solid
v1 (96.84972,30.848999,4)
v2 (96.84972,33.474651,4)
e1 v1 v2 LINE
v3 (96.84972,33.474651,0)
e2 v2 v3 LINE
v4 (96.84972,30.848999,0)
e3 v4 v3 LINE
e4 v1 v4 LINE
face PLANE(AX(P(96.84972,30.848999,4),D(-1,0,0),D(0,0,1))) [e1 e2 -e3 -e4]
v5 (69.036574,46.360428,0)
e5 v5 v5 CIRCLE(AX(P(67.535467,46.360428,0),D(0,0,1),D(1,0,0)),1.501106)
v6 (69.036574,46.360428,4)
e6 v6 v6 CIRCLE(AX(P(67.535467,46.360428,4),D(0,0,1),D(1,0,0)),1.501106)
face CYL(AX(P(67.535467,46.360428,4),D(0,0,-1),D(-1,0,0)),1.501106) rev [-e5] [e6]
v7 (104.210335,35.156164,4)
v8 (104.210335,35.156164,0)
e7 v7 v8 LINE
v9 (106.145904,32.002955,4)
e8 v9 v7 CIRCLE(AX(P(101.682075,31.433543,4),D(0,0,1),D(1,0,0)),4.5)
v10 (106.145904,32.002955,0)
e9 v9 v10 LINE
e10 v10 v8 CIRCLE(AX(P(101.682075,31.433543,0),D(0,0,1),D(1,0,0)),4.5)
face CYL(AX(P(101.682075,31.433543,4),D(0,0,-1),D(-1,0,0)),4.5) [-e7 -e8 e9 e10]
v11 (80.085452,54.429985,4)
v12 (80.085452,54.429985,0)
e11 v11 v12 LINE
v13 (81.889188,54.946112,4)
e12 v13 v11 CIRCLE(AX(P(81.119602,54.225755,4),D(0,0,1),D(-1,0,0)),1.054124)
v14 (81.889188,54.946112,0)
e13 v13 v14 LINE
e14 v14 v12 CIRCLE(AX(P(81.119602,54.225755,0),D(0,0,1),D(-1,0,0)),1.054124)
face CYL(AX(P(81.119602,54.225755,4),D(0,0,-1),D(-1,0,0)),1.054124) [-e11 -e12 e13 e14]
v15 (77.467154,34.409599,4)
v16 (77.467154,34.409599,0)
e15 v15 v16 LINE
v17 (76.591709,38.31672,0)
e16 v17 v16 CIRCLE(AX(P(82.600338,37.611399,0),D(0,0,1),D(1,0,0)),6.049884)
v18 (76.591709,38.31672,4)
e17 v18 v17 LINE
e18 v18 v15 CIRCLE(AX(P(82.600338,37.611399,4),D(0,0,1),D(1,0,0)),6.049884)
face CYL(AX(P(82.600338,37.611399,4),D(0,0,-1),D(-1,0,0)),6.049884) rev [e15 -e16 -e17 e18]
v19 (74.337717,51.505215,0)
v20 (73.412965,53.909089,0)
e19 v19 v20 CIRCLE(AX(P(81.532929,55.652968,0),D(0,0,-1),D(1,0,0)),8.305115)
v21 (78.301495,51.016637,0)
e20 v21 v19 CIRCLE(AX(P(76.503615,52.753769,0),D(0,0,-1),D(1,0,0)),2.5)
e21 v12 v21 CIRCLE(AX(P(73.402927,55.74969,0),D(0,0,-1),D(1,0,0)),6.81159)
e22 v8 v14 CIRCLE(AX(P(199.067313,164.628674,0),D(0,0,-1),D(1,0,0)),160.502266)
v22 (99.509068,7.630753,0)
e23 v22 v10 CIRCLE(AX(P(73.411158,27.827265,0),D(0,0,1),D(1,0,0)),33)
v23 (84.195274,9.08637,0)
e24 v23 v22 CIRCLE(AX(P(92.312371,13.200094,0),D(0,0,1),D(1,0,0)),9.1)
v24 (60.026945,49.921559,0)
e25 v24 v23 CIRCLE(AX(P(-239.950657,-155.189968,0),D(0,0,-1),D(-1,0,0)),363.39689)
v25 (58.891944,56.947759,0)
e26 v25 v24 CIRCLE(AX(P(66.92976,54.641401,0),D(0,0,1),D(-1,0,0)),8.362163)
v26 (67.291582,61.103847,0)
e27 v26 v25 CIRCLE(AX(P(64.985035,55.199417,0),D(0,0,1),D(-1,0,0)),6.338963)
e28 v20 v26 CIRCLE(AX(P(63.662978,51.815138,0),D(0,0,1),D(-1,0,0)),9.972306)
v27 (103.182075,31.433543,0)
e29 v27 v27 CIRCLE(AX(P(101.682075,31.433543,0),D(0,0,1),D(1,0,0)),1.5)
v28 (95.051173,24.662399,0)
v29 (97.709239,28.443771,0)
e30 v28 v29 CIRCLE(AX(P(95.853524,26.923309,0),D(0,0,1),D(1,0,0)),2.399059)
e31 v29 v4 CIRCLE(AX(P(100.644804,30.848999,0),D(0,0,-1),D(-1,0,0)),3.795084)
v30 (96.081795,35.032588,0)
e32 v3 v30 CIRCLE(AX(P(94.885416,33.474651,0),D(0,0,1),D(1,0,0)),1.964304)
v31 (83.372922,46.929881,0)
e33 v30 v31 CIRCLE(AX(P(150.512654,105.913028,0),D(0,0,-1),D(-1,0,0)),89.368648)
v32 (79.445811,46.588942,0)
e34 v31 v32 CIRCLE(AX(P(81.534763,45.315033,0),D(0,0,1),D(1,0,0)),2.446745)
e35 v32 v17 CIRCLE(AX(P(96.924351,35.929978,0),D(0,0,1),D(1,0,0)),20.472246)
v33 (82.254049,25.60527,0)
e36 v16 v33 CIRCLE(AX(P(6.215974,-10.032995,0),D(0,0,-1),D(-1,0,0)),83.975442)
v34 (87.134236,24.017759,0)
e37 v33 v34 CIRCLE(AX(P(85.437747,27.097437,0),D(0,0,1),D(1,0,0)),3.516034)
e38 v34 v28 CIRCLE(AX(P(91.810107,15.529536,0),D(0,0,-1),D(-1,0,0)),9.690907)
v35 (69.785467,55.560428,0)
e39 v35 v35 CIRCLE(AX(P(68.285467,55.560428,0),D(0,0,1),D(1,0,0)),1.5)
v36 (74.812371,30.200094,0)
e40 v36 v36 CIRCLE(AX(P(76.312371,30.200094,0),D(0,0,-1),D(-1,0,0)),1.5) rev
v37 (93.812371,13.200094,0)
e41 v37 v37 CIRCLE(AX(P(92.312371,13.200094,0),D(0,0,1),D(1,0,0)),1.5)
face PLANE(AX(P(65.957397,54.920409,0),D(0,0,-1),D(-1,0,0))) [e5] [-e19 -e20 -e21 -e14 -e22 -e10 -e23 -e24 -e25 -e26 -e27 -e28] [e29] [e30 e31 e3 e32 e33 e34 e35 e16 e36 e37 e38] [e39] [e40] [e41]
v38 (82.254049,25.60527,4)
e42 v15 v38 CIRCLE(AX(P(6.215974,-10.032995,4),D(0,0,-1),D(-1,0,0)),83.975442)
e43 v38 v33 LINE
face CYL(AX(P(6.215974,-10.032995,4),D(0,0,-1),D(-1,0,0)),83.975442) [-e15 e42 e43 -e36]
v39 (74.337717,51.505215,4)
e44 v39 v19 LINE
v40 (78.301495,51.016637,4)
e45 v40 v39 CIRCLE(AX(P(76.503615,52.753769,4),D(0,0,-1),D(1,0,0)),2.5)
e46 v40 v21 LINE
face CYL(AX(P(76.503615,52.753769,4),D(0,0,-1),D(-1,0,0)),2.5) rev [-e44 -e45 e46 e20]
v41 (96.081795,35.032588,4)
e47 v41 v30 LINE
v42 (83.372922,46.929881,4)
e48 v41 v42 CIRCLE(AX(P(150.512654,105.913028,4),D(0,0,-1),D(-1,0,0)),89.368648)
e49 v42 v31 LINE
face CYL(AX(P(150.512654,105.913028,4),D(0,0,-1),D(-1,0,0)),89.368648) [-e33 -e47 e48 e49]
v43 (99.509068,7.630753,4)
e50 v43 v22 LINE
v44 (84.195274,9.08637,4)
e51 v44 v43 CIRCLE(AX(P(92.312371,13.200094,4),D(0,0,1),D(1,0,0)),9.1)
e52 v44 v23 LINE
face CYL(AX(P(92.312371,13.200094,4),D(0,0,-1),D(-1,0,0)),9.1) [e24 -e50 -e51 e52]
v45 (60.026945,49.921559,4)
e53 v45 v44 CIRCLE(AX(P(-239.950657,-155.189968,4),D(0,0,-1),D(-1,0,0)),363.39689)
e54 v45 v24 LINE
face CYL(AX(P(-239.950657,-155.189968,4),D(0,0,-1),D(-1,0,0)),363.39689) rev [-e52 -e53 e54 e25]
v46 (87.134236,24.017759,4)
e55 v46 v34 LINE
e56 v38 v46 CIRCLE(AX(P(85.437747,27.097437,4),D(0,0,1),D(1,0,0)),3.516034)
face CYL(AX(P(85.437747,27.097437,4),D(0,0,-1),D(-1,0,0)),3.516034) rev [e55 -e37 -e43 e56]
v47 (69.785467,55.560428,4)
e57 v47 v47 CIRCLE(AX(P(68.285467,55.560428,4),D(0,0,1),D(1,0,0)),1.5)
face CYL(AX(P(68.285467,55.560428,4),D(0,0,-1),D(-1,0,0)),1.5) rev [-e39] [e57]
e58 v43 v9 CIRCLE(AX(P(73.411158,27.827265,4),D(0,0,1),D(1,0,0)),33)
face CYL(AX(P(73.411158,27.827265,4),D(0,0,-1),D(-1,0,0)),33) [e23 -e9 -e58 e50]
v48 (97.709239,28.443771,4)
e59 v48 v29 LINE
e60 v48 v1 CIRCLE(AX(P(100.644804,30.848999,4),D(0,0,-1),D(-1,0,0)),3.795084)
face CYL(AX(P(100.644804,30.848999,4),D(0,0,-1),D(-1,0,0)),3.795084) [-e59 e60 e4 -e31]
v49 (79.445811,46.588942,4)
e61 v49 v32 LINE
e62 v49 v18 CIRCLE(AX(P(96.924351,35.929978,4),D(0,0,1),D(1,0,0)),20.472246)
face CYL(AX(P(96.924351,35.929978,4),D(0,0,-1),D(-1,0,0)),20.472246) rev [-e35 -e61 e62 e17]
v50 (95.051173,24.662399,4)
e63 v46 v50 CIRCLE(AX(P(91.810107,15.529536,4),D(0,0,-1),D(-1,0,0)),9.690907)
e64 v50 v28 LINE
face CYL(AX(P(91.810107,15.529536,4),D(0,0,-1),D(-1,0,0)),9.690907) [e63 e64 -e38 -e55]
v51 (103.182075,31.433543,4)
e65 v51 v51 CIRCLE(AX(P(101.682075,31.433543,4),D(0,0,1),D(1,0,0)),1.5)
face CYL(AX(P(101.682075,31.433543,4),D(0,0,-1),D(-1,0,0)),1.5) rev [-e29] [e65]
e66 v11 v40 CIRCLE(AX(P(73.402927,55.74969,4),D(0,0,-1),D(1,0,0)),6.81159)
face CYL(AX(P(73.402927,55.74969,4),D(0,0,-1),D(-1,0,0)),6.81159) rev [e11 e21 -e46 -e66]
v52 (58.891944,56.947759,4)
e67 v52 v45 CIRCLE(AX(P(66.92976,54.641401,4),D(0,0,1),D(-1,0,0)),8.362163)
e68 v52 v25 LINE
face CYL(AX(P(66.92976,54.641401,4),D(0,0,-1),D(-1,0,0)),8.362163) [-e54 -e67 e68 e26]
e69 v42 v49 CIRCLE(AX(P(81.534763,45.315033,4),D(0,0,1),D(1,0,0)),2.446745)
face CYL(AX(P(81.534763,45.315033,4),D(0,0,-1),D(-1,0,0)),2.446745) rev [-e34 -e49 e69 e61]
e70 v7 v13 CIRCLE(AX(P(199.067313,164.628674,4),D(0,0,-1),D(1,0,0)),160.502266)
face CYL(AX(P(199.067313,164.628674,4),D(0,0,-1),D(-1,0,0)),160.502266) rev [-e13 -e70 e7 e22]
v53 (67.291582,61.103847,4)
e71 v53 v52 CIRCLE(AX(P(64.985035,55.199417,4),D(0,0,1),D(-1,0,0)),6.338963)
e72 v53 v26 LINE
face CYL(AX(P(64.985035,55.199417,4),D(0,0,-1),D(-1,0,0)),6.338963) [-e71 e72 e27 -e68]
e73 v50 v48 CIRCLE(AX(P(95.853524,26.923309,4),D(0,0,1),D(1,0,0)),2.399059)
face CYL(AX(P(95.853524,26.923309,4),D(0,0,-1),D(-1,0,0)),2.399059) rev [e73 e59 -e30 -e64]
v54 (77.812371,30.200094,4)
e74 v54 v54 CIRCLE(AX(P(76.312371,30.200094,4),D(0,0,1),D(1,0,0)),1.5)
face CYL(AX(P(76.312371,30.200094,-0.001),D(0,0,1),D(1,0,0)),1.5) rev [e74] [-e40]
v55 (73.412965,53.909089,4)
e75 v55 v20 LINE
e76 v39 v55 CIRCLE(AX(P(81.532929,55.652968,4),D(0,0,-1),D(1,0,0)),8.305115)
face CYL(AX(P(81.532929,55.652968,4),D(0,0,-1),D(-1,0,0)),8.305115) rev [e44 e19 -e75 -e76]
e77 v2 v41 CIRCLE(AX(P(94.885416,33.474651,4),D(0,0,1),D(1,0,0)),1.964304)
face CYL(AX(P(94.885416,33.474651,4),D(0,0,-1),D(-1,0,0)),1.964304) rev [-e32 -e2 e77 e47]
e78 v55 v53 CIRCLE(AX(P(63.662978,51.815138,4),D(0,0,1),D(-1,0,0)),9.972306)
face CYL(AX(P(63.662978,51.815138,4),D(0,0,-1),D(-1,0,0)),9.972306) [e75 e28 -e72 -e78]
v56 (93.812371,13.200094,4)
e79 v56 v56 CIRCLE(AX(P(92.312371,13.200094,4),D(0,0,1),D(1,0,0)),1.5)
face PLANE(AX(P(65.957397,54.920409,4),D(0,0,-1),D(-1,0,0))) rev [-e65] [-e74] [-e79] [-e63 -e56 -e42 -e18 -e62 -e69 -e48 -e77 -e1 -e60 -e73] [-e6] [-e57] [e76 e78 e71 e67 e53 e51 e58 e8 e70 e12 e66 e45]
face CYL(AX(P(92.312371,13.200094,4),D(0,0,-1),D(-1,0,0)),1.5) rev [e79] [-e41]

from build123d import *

# Parameters (mm, degrees)
ESQUISSE1_R             = 1.5
ESQUISSE1_R_2           = 1.50110642
BOSS_EXTRU_1_DEPTH      = 4
ENL_V_MAT_EXTRU_1_REACH = 124.989
ESQUISSE2_R             = 1.5


with BuildPart() as part:
    # Esquisse1 → Boss.-Extru.1 (new body)
    with BuildSketch(Plane.XY):
        with BuildLine():
            ThreePointArc((60.026944648, 49.921558504), (72.778337749, 29.898863696), (84.195273994, 9.086369847))
            ThreePointArc((84.195273994, 9.086369847), (91.451273571, 4.140927091), (99.509067829, 7.630753106))
            ThreePointArc((99.509067829, 7.630753106), (105.251720368, 19.156706799), (106.145904128, 32.002955361))
            ThreePointArc((106.145904128, 32.002955361), (105.517176975, 33.787686969), (104.210334733, 35.15616353))
            ThreePointArc((104.210334733, 35.15616353), (92.58899703, 44.531440422), (81.889188019, 54.946112475))
            ThreePointArc((81.889188019, 54.946112475), (80.829609942, 55.239205413), (80.085451585, 54.429985101))
            ThreePointArc((80.085451585, 54.429985101), (79.43974416, 52.594599516), (78.30149473, 51.016636729))
            ThreePointArc((78.30149473, 51.016636729), (76.19777745, 50.272546762), (74.337717048, 51.505215238))
            ThreePointArc((74.337717048, 51.505215238), (73.781586954, 52.671085372), (73.412965229, 53.909088553))
            ThreePointArc((73.412965229, 53.909088553), (71.258227235, 58.277263879), (67.291581582, 61.103847288))
            ThreePointArc((67.291581582, 61.103847288), (62.173852637, 60.880940246), (58.891944342, 56.947758957))
            ThreePointArc((58.891944342, 56.947758957), (58.674610839, 53.307878055), (60.026944648, 49.921558504))
        make_face()
        with Locations((68.285467108, 55.560427953)):
            Circle(ESQUISSE1_R, mode=Mode.SUBTRACT)
        with Locations((101.682075096, 31.433543054)):
            Circle(ESQUISSE1_R, mode=Mode.SUBTRACT)
        with Locations((92.312371453, 13.200094295)):
            Circle(ESQUISSE1_R, mode=Mode.SUBTRACT)
        with Locations((67.535467108, 46.360427953)):
            Circle(ESQUISSE1_R_2, mode=Mode.SUBTRACT)
        with BuildLine():
            Line((96.849719723, 30.848999233), (96.849719723, 33.474650871))
            ThreePointArc((96.849719723, 33.474650871), (96.647309876, 34.343108764), (96.081794601, 35.032587793))
            ThreePointArc((96.081794601, 35.032587793), (89.436975045, 40.671042336), (83.372922141, 46.929880801))
            ThreePointArc((83.372922141, 46.929880801), (81.323140328, 47.752609653), (79.445810973, 46.588941858))
            ThreePointArc((79.445810973, 46.588941858), (77.571604785, 42.607109512), (76.591708968, 38.316720036))
            ThreePointArc((76.591708968, 38.316720036), (76.69683067, 36.288635677), (77.467153905, 34.409598995))
            ThreePointArc((77.467153905, 34.409598995), (79.992055499, 30.078906011), (82.254048976, 25.605270433))
            ThreePointArc((82.254048976, 25.605270433), (84.350090923, 23.753861276), (87.134236378, 24.017758597))
            ThreePointArc((87.134236378, 24.017758597), (91.023623533, 25.188476532), (95.051173024, 24.662398573))
            ThreePointArc((95.051173024, 24.662398573), (97.816197879, 25.543673578), (97.709238653, 28.443771474))
            ThreePointArc((97.709238653, 28.443771474), (97.07105369, 29.571903567), (96.849719723, 30.848999233))
        make_face(mode=Mode.SUBTRACT)
    extrude(amount=BOSS_EXTRU_1_DEPTH)

    # Esquisse2 → Enlèv. mat.-Extru.1 (cut, up to next)
    with BuildSketch(Plane.XY.offset(4), mode=Mode.PRIVATE) as enl_v_mat_extru_1_sk1:
        with Locations((76.312371453, 30.200094295)):
            Circle(ESQUISSE2_R)
    enl_v_mat_extru_1_tool1 = extrude(enl_v_mat_extru_1_sk1.sketch, amount=-ENL_V_MAT_EXTRU_1_REACH, mode=Mode.PRIVATE) & part.part
    add(enl_v_mat_extru_1_tool1.solids().sort_by_distance((76.312371, 30.200094, 4))[0], mode=Mode.SUBTRACT)


solid = part.part
